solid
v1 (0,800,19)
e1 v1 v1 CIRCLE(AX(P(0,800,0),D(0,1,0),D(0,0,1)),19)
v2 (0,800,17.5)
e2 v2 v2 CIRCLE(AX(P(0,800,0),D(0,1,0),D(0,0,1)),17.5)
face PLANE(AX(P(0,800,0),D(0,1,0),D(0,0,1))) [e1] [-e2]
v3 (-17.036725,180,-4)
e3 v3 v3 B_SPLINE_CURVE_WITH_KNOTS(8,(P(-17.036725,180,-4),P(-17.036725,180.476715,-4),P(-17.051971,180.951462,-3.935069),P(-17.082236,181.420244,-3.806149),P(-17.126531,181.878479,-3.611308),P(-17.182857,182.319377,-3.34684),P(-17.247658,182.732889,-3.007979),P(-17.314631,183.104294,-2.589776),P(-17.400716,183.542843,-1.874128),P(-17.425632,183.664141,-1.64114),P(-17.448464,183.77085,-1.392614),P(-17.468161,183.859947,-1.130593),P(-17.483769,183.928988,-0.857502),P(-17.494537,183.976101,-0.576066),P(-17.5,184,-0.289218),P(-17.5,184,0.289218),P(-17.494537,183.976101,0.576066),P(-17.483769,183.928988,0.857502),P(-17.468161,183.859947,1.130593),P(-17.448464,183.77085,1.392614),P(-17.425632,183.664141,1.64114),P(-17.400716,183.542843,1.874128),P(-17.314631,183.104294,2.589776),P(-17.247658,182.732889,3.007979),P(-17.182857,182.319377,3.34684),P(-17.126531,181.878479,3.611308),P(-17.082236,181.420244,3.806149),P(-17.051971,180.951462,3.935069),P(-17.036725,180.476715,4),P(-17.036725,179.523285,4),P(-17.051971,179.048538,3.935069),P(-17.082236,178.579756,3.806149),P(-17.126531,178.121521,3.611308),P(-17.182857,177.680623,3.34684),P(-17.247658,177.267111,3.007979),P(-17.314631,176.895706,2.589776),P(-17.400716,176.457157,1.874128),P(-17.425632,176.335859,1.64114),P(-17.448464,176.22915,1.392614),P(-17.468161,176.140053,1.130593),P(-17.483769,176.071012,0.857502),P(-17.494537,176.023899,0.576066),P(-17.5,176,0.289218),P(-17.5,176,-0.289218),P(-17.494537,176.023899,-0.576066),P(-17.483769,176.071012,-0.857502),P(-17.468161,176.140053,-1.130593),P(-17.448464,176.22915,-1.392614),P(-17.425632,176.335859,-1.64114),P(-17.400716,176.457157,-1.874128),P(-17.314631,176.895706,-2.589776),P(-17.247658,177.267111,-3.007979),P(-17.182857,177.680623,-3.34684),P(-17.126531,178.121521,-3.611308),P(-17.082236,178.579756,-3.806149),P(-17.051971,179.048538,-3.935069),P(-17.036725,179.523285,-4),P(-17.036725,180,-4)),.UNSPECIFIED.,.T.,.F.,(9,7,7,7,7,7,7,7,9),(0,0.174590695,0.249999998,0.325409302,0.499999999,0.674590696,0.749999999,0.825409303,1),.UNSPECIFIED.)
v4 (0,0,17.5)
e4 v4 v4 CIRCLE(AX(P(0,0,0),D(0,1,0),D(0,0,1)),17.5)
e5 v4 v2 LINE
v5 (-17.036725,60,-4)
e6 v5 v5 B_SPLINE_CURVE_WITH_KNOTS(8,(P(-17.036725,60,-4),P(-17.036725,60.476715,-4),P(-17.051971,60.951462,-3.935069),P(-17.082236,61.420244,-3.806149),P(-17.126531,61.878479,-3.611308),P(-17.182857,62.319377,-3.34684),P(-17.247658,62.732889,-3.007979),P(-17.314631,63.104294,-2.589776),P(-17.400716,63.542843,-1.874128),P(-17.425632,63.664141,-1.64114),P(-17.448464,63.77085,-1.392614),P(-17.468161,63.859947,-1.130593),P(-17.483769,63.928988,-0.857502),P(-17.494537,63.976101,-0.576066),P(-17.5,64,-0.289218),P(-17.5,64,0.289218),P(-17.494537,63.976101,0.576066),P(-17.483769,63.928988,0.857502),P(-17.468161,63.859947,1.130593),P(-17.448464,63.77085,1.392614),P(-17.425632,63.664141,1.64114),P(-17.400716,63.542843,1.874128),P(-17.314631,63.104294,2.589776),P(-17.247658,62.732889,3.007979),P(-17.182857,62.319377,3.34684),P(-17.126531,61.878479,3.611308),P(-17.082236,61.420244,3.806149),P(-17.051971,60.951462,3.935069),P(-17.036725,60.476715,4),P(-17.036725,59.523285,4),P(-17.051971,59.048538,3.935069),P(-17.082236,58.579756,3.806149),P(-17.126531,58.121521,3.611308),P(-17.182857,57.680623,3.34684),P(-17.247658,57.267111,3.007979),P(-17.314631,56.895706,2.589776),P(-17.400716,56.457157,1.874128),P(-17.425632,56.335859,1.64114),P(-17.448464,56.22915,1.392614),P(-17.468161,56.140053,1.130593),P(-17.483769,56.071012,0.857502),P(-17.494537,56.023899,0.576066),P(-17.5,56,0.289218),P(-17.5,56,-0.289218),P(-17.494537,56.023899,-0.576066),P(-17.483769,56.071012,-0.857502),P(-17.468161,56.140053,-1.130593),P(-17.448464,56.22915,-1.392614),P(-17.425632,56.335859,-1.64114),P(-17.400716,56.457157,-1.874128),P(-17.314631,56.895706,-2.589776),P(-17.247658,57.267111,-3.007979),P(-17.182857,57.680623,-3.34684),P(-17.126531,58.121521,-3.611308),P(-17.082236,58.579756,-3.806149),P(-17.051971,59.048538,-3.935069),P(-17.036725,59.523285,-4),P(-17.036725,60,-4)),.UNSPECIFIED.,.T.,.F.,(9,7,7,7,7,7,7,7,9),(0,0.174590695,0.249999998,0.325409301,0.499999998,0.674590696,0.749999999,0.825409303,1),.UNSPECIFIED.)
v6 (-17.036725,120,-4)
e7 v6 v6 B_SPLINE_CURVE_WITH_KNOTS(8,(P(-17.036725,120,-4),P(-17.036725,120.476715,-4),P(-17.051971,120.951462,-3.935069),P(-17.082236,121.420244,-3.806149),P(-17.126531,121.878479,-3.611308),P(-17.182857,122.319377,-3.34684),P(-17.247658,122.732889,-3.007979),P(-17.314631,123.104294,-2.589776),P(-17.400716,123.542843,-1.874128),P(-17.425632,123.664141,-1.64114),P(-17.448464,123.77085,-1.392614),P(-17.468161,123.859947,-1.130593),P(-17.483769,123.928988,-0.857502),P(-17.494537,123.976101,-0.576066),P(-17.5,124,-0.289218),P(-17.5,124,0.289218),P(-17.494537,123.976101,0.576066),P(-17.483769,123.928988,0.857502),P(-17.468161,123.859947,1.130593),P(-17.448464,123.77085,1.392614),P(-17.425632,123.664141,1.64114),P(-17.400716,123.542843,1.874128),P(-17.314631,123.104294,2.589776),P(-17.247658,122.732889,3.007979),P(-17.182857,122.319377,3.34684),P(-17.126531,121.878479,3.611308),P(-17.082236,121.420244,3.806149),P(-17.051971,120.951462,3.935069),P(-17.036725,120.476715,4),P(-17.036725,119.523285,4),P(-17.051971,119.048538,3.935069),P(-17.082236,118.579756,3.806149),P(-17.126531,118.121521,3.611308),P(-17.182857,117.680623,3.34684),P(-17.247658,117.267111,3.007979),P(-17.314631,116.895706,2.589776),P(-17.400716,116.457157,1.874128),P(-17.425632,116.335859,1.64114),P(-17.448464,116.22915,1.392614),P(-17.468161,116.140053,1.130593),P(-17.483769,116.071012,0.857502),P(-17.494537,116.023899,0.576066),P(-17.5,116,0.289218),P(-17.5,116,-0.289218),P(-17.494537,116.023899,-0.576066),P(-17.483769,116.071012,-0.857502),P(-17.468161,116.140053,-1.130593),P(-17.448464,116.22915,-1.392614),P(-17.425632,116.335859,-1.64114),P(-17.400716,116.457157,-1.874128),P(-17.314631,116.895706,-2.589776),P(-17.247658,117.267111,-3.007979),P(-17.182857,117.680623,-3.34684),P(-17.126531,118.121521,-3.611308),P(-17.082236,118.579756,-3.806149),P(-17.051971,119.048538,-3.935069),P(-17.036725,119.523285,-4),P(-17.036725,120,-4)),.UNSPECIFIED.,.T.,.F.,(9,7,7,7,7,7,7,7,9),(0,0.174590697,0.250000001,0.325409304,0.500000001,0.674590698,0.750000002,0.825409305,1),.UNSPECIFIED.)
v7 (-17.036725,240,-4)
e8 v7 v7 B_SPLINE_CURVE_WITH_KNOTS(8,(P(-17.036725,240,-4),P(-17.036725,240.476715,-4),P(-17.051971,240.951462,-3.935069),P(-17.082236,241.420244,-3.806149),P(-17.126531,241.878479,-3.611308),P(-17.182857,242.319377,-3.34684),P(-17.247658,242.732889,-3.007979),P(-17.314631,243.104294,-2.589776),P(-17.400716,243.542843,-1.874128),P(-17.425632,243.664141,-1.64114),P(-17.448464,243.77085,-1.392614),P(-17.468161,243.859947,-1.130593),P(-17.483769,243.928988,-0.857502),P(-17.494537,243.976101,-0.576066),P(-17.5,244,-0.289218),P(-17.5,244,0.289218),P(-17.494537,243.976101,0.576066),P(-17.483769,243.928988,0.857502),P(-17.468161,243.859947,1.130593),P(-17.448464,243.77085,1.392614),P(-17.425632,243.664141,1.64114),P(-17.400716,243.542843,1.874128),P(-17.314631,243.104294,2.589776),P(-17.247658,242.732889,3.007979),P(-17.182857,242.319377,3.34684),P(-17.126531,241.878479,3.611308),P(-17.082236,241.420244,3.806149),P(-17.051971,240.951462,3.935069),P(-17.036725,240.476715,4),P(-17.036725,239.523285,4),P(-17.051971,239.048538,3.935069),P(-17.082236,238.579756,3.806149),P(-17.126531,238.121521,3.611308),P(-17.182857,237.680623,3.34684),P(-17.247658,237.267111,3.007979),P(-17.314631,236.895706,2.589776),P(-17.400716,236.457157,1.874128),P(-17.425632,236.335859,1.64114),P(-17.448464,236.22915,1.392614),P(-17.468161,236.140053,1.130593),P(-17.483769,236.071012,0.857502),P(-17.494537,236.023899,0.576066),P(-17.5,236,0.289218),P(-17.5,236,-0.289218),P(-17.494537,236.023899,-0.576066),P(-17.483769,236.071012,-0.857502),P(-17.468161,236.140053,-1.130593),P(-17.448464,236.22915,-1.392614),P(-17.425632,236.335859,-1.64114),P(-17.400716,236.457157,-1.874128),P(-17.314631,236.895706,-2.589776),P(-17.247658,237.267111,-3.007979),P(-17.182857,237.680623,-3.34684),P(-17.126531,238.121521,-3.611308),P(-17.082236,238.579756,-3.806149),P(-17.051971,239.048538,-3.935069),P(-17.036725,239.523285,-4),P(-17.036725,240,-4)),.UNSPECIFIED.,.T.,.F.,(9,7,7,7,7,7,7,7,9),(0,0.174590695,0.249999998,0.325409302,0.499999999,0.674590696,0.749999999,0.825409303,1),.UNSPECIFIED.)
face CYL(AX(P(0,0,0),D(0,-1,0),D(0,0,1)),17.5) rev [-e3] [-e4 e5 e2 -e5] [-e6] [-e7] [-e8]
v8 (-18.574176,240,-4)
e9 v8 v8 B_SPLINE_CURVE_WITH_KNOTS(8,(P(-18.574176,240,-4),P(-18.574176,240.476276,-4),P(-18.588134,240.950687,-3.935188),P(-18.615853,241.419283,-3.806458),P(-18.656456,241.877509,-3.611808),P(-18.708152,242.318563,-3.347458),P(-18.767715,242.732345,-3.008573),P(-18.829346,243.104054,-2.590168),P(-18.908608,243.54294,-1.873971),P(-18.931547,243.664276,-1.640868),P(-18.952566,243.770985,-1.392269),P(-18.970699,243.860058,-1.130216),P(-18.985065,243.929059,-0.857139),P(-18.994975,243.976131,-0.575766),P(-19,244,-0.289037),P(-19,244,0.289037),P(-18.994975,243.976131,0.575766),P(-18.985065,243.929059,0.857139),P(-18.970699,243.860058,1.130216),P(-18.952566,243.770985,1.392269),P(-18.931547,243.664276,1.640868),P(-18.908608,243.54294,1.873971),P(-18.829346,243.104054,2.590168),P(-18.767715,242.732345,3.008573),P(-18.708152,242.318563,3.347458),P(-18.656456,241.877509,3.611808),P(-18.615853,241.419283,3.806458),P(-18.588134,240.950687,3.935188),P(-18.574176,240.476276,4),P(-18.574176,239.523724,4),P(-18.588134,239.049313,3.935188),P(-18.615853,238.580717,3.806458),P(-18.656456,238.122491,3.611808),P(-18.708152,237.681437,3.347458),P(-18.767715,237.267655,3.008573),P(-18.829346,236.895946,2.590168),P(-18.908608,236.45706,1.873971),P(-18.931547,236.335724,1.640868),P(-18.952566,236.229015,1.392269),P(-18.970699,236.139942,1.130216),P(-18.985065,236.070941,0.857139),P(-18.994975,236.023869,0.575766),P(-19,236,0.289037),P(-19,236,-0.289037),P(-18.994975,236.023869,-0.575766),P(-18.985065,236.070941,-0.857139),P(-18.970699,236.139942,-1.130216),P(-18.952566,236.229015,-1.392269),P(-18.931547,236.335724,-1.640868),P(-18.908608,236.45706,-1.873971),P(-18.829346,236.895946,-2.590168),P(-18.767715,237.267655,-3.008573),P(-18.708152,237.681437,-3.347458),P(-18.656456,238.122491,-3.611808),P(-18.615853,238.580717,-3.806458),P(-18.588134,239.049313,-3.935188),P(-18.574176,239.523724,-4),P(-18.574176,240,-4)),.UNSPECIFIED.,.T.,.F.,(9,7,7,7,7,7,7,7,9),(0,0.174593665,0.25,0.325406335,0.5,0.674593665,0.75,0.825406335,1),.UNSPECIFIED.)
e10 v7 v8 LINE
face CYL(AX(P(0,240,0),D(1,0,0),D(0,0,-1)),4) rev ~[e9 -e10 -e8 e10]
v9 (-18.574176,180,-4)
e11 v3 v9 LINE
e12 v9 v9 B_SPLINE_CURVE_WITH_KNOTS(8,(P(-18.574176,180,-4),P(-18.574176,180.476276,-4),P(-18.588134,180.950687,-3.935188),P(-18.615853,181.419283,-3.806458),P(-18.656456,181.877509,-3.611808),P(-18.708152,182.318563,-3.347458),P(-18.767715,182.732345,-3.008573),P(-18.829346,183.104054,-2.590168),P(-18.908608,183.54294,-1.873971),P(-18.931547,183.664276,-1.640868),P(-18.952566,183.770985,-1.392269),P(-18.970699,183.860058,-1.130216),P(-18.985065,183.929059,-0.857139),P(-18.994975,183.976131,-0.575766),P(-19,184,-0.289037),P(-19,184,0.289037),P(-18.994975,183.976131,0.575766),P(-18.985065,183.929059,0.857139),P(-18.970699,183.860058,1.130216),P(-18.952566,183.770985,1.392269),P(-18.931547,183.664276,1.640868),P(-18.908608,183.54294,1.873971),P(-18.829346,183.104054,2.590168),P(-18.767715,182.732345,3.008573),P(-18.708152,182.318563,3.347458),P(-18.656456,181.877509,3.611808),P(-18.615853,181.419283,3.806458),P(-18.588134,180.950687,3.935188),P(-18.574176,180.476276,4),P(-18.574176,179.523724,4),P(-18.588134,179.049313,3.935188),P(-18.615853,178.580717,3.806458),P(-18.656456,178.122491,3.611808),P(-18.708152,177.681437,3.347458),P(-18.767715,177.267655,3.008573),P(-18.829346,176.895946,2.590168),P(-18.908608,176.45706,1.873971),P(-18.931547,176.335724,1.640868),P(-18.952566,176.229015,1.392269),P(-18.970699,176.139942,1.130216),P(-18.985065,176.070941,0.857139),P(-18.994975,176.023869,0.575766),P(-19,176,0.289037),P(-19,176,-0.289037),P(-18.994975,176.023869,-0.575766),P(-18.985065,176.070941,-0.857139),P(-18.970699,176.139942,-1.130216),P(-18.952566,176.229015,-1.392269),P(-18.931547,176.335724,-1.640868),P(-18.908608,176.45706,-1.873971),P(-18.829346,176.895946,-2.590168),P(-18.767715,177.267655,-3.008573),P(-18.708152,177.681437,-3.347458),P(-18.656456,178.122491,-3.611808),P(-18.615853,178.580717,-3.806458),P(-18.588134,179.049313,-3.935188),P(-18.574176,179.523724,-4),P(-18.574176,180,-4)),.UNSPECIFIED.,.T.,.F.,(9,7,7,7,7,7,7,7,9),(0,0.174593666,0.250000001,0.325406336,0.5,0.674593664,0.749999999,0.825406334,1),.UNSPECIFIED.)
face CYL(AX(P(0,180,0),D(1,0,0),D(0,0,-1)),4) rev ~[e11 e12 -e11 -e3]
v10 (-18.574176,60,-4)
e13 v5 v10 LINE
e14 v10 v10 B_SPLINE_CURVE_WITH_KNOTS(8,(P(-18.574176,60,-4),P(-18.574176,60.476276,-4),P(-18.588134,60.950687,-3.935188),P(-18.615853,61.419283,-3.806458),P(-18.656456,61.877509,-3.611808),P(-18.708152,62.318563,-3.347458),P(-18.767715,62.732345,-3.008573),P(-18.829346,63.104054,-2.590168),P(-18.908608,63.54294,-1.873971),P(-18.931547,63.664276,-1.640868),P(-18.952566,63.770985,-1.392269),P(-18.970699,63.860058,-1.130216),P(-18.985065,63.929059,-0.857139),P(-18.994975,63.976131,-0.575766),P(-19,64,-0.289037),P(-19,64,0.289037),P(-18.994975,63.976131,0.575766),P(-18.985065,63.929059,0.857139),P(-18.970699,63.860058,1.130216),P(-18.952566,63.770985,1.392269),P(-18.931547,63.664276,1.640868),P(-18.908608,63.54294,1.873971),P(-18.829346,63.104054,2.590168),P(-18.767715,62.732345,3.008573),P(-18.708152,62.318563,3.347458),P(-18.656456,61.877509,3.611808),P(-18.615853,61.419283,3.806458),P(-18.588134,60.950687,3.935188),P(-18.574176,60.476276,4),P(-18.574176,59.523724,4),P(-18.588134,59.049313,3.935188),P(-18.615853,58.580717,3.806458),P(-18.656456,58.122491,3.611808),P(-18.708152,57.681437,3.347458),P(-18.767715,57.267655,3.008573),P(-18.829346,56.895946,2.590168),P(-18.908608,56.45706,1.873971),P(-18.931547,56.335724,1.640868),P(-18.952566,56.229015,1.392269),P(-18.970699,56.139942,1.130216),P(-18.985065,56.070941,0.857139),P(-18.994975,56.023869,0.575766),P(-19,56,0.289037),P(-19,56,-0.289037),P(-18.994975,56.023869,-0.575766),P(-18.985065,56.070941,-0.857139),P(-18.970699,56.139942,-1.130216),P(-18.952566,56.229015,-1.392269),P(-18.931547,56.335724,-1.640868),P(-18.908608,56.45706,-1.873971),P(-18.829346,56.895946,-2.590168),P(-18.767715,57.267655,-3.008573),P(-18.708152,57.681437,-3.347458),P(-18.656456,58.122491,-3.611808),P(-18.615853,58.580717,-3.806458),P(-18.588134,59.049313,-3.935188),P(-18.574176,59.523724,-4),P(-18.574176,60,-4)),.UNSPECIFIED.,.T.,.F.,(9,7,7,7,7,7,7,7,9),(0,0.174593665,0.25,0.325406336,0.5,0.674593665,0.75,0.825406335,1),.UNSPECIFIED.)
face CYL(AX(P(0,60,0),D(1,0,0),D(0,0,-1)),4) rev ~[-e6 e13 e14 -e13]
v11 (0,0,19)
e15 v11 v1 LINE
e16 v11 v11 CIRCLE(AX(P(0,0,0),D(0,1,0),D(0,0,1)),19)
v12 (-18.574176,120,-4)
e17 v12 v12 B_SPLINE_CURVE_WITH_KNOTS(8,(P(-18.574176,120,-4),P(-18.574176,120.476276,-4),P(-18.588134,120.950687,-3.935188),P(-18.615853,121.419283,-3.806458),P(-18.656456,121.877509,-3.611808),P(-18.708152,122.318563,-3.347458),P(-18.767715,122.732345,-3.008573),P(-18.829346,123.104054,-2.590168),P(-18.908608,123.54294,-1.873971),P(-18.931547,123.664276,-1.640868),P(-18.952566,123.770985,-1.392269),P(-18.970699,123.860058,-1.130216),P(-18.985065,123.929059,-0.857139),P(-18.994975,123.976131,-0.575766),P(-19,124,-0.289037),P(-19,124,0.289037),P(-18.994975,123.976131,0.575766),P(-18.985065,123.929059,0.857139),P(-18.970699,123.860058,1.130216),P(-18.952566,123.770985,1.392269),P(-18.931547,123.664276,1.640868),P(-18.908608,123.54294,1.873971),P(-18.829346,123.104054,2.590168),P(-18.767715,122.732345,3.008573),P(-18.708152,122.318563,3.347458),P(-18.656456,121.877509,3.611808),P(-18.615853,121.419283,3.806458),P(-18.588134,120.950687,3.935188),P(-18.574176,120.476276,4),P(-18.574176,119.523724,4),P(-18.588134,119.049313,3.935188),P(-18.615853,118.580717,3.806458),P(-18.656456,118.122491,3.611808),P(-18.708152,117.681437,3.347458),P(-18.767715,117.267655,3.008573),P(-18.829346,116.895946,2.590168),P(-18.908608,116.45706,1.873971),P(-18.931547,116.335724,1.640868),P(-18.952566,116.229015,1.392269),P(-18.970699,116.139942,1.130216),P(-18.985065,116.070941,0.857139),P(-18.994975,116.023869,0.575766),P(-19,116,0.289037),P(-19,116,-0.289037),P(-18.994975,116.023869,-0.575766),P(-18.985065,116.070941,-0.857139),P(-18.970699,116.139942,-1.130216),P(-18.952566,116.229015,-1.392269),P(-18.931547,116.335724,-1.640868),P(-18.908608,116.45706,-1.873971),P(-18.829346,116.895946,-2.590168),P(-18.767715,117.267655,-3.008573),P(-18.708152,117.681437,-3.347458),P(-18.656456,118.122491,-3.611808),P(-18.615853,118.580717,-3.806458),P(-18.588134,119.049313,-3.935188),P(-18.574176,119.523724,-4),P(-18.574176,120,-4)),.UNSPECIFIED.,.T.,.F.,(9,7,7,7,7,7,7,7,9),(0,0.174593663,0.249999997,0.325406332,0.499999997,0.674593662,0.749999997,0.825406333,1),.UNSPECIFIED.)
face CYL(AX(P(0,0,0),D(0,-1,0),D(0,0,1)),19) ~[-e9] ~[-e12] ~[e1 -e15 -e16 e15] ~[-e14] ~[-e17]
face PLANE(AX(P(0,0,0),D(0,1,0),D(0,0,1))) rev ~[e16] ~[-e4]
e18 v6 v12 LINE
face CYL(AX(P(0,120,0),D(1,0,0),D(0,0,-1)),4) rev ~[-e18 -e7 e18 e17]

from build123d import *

# Parameters (mm, degrees)
SKETCH_1_R          = 19
SKETCH_1_R_2        = 17.5
EXTRUDE_1_DEPTH     = 800
SKETCH_2_R          = 4
CUT_EXTRUDE_1_DEPTH = 50


with BuildPart() as part:
    # 草图1 → 凸台-拉伸1 (new body)
    with BuildSketch(Plane(origin=(0, 0, 0), x_dir=(1, 0, 0), z_dir=(0, 1, 0))):
        with Locations(Location((0, 0, 0), (0, 0, 270))):
            Circle(SKETCH_1_R)
        with Locations(Location((0, 0, 0), (0, 0, 270))):
            Circle(SKETCH_1_R_2, mode=Mode.SUBTRACT)
    extrude(amount=EXTRUDE_1_DEPTH)

    # 草图2 → 切除-拉伸1 (cut)
    with BuildSketch(Plane(origin=(0, 0, 0), x_dir=(0, 0, -1), z_dir=(1, 0, 0))):
        with Locations((0, 60)):
            Circle(SKETCH_2_R)
        with Locations((0, 120)):
            Circle(SKETCH_2_R)
        with Locations((0, 180)):
            Circle(SKETCH_2_R)
        with Locations((0, 240)):
            Circle(SKETCH_2_R)
    extrude(amount=-CUT_EXTRUDE_1_DEPTH, mode=Mode.SUBTRACT)


solid = part.part
